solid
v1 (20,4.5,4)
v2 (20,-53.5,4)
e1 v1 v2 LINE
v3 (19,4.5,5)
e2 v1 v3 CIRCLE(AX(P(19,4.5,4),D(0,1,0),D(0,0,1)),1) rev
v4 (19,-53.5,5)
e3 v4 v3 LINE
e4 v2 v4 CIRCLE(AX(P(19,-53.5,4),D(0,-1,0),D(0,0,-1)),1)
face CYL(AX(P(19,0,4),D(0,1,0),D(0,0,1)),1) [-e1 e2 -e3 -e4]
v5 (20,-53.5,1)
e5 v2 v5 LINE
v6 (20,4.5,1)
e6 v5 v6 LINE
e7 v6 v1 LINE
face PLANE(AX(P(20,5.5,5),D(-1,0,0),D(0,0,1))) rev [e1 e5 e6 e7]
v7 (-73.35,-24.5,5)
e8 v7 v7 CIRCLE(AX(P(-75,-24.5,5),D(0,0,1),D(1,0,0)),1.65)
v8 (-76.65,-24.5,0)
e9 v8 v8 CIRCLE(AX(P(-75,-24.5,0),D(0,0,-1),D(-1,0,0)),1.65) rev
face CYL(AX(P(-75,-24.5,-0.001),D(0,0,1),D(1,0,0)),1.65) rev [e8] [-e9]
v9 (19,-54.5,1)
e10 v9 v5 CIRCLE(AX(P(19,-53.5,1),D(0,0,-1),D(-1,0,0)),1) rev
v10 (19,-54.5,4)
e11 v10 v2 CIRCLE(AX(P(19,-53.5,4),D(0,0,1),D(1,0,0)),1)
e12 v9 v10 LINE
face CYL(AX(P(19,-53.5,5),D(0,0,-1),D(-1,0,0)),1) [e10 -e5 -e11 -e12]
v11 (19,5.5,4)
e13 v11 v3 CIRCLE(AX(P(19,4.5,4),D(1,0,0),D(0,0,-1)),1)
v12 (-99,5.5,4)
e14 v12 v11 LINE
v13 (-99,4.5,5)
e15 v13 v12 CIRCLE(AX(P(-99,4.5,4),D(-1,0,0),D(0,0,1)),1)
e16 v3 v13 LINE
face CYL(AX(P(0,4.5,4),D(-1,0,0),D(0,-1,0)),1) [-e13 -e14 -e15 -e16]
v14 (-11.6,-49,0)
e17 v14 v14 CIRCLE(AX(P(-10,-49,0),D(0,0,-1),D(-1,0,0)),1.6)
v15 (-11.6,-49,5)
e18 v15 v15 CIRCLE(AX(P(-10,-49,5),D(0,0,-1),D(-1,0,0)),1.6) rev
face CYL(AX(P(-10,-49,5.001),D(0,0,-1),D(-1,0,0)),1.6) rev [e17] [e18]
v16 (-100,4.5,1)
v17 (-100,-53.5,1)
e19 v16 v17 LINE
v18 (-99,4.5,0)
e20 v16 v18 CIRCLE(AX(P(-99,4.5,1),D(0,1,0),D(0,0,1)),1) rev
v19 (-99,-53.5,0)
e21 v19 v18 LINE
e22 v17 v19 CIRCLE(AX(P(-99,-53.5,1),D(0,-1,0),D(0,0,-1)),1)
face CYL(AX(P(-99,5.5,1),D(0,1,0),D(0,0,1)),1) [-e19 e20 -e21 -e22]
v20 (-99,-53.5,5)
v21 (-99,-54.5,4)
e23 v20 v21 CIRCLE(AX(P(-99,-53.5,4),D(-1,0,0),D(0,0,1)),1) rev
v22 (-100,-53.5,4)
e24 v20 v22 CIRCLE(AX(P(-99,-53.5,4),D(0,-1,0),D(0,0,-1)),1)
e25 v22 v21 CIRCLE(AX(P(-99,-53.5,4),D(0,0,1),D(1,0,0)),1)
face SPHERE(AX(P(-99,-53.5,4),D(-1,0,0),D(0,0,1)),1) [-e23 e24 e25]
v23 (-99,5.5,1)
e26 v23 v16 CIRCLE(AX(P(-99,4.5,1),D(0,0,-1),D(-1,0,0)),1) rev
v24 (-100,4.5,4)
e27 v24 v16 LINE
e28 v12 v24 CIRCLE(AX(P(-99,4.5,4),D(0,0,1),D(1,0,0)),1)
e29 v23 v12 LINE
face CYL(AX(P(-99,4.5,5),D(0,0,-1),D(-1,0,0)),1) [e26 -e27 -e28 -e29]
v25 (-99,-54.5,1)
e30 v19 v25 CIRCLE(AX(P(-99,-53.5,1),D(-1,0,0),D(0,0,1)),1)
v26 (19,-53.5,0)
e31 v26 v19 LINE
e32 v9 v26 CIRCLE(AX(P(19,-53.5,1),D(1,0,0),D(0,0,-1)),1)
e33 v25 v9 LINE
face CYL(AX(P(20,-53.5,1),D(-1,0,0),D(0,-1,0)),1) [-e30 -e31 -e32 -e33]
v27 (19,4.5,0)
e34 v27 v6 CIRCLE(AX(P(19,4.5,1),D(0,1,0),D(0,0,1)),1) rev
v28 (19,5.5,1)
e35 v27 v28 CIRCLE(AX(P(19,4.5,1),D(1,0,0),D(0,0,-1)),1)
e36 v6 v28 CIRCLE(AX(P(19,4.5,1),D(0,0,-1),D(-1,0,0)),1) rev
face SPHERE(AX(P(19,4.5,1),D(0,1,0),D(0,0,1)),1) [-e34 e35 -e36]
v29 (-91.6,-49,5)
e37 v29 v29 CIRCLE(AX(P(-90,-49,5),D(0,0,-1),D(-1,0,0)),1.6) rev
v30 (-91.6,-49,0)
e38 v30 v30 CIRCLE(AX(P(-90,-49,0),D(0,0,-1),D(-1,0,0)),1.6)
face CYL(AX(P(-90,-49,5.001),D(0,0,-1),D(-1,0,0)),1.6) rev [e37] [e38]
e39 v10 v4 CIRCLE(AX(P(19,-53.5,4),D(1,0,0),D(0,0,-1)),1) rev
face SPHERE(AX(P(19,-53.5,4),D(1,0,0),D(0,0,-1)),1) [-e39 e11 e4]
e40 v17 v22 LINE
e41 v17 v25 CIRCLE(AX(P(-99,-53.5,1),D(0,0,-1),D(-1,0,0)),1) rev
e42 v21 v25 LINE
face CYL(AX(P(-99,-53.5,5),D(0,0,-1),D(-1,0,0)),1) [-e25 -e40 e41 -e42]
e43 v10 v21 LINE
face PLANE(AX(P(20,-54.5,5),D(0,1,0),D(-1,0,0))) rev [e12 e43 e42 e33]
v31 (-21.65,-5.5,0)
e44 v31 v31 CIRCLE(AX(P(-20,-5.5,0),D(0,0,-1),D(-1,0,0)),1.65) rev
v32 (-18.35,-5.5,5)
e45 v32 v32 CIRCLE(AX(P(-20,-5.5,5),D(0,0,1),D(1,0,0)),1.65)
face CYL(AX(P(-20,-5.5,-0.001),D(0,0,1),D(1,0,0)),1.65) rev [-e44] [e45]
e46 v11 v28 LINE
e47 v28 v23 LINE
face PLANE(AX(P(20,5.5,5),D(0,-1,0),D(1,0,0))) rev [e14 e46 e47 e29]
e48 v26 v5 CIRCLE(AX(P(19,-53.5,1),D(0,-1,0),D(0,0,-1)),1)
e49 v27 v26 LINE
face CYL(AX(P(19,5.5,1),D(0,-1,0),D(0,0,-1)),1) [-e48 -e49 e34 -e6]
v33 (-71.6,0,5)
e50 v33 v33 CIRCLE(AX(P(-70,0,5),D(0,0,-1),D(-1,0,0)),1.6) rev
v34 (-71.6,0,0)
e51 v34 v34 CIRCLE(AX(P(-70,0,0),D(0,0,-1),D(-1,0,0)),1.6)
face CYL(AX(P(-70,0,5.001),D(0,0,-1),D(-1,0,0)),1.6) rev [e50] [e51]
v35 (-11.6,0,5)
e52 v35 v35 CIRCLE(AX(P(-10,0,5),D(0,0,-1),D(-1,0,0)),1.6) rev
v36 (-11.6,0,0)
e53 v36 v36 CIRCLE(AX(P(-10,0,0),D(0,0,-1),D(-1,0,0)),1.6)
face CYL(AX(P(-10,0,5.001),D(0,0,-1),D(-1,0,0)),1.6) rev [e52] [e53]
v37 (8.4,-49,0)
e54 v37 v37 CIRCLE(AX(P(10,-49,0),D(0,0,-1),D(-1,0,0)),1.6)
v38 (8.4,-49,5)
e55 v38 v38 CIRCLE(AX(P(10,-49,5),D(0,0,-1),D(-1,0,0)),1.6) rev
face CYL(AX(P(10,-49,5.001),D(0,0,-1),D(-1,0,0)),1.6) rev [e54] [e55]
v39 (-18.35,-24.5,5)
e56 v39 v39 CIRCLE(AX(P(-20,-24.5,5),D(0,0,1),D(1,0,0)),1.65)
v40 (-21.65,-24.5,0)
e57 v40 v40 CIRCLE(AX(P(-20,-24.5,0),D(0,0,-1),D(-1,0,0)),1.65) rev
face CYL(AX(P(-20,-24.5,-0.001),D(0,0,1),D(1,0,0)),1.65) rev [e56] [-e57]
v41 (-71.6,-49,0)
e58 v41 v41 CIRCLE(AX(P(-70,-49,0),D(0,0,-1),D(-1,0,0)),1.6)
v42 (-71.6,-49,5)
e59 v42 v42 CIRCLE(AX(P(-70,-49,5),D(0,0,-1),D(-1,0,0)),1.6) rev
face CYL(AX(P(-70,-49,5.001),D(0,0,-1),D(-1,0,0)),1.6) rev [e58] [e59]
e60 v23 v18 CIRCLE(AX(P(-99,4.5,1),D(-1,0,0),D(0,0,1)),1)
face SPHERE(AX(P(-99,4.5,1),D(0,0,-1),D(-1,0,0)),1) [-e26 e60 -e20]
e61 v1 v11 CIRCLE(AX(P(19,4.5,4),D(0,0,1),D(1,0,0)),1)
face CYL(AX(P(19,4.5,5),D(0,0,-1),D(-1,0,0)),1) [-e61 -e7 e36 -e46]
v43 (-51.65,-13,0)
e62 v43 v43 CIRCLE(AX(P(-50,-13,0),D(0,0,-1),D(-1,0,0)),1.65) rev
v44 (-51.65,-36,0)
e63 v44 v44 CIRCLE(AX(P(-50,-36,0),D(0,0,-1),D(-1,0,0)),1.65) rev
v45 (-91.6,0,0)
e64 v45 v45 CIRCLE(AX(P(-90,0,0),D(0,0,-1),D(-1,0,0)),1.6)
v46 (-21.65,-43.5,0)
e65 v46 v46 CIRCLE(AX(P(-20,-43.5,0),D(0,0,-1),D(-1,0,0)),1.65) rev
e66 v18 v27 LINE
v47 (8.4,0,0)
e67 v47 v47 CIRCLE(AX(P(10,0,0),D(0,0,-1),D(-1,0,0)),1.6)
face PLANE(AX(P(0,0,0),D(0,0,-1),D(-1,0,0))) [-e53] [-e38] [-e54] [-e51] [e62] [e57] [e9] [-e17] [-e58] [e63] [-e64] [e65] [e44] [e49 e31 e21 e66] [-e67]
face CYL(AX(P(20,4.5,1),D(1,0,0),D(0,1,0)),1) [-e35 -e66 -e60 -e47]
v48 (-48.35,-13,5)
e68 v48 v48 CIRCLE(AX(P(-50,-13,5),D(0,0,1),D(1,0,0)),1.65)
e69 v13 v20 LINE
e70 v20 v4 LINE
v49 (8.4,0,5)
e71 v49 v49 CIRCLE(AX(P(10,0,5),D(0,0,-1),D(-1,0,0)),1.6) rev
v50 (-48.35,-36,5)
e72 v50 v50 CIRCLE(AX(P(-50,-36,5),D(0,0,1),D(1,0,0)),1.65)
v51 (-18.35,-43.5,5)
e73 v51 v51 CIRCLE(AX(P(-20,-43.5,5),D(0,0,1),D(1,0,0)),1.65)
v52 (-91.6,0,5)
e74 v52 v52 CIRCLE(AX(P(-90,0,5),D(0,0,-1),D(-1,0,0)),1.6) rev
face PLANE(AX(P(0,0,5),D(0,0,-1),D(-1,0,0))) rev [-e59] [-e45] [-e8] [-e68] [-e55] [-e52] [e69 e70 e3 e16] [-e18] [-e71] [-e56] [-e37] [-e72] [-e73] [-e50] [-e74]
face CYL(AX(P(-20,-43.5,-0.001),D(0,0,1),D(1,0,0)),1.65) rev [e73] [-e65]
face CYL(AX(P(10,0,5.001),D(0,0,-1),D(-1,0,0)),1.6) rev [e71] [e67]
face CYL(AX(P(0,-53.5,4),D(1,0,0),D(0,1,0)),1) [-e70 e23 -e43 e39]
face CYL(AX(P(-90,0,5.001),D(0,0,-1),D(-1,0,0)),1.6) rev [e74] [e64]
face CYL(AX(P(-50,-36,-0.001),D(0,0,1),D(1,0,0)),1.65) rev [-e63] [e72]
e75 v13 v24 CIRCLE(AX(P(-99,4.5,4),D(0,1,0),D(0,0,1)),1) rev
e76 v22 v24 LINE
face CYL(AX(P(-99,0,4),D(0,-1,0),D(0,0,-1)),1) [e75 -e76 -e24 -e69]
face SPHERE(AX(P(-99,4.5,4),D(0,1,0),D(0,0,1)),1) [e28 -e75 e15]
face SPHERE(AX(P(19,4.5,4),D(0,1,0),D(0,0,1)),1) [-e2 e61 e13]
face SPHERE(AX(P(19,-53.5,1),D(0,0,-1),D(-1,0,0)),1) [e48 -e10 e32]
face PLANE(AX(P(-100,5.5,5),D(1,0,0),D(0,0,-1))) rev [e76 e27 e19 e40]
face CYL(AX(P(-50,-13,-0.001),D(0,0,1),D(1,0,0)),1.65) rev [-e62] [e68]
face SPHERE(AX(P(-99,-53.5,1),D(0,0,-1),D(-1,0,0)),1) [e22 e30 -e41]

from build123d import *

# Parameters (mm, degrees)
SKETCH_1_W          = 120
SKETCH_1_H          = 60
EXTRUDE_1_DEPTH     = 5
CUT_EXTRUDE_1_REACH = 115.997
SKETCH_2_R          = 1.65
CUT_EXTRUDE_2_REACH = 115.997
SKETCH_4_R          = 1.6
CUT_EXTRUDE_3_REACH = 115.997
SKETCH_5_R          = 1.65
FILLET_1_R          = 1


with BuildPart() as part:
    # 草图1 → 凸台-拉伸1 (new body)
    with BuildSketch(Plane.XY):
        with Locations((-40, -24.5)):
            Rectangle(SKETCH_1_W, SKETCH_1_H)
    extrude(amount=EXTRUDE_1_DEPTH)

    # 草图2 → 切除-拉伸1 (cut, up to next)
    with BuildSketch(Plane.XY.offset(5), mode=Mode.PRIVATE) as cut_extrude_1_sk1:
        with Locations((-50, -13)):
            Circle(SKETCH_2_R)
    cut_extrude_1_tool1 = extrude(cut_extrude_1_sk1.sketch, amount=-CUT_EXTRUDE_1_REACH, mode=Mode.PRIVATE) & part.part
    # 草图2 → 切除-拉伸1 (cut, up to next)
    with BuildSketch(Plane.XY.offset(5), mode=Mode.PRIVATE) as cut_extrude_1_sk2:
        with Locations((-75, -24.5)):
            Circle(SKETCH_2_R)
    cut_extrude_1_tool2 = extrude(cut_extrude_1_sk2.sketch, amount=-CUT_EXTRUDE_1_REACH, mode=Mode.PRIVATE) & part.part
    # 草图2 → 切除-拉伸1 (cut, up to next)
    with BuildSketch(Plane.XY.offset(5), mode=Mode.PRIVATE) as cut_extrude_1_sk3:
        with Locations((-50, -36)):
            Circle(SKETCH_2_R)
    cut_extrude_1_tool3 = extrude(cut_extrude_1_sk3.sketch, amount=-CUT_EXTRUDE_1_REACH, mode=Mode.PRIVATE) & part.part
    add(cut_extrude_1_tool1.solids().sort_by_distance((-50, -13, 5))[0], mode=Mode.SUBTRACT)
    add(cut_extrude_1_tool2.solids().sort_by_distance((-75, -24.5, 5))[0], mode=Mode.SUBTRACT)
    add(cut_extrude_1_tool3.solids().sort_by_distance((-50, -36, 5))[0], mode=Mode.SUBTRACT)

    # 草图4 → 切除-拉伸2 (cut, up to next)
    with BuildSketch(Plane(origin=(0, 0, 0), x_dir=(-1, 0, 0), z_dir=(0, 0, -1)), mode=Mode.PRIVATE) as cut_extrude_2_sk1:
        with Locations((90, 0)):
            Circle(SKETCH_4_R)
    cut_extrude_2_tool1 = extrude(cut_extrude_2_sk1.sketch, amount=-CUT_EXTRUDE_2_REACH, mode=Mode.PRIVATE) & part.part
    # 草图4 → 切除-拉伸2 (cut, up to next)
    with BuildSketch(Plane(origin=(0, 0, 0), x_dir=(-1, 0, 0), z_dir=(0, 0, -1)), mode=Mode.PRIVATE) as cut_extrude_2_sk2:
        with Locations((70, 0)):
            Circle(SKETCH_4_R)
    cut_extrude_2_tool2 = extrude(cut_extrude_2_sk2.sketch, amount=-CUT_EXTRUDE_2_REACH, mode=Mode.PRIVATE) & part.part
    # 草图4 → 切除-拉伸2 (cut, up to next)
    with BuildSketch(Plane(origin=(0, 0, 0), x_dir=(-1, 0, 0), z_dir=(0, 0, -1)), mode=Mode.PRIVATE) as cut_extrude_2_sk3:
        with Locations((70, -49)):
            Circle(SKETCH_4_R)
    cut_extrude_2_tool3 = extrude(cut_extrude_2_sk3.sketch, amount=-CUT_EXTRUDE_2_REACH, mode=Mode.PRIVATE) & part.part
    # 草图4 → 切除-拉伸2 (cut, up to next)
    with BuildSketch(Plane(origin=(0, 0, 0), x_dir=(-1, 0, 0), z_dir=(0, 0, -1)), mode=Mode.PRIVATE) as cut_extrude_2_sk4:
        with Locations((90, -49)):
            Circle(SKETCH_4_R)
    cut_extrude_2_tool4 = extrude(cut_extrude_2_sk4.sketch, amount=-CUT_EXTRUDE_2_REACH, mode=Mode.PRIVATE) & part.part
    # 草图4 → 切除-拉伸2 (cut, up to next)
    with BuildSketch(Plane(origin=(0, 0, 0), x_dir=(-1, 0, 0), z_dir=(0, 0, -1)), mode=Mode.PRIVATE) as cut_extrude_2_sk5:
        with Locations((10, -49)):
            Circle(SKETCH_4_R)
    cut_extrude_2_tool5 = extrude(cut_extrude_2_sk5.sketch, amount=-CUT_EXTRUDE_2_REACH, mode=Mode.PRIVATE) & part.part
    # 草图4 → 切除-拉伸2 (cut, up to next)
    with BuildSketch(Plane(origin=(0, 0, 0), x_dir=(-1, 0, 0), z_dir=(0, 0, -1)), mode=Mode.PRIVATE) as cut_extrude_2_sk6:
        with Locations((-10, -49)):
            Circle(SKETCH_4_R)
    cut_extrude_2_tool6 = extrude(cut_extrude_2_sk6.sketch, amount=-CUT_EXTRUDE_2_REACH, mode=Mode.PRIVATE) & part.part
    # 草图4 → 切除-拉伸2 (cut, up to next)
    with BuildSketch(Plane(origin=(0, 0, 0), x_dir=(-1, 0, 0), z_dir=(0, 0, -1)), mode=Mode.PRIVATE) as cut_extrude_2_sk7:
        with Locations((-10, 0)):
            Circle(SKETCH_4_R)
    cut_extrude_2_tool7 = extrude(cut_extrude_2_sk7.sketch, amount=-CUT_EXTRUDE_2_REACH, mode=Mode.PRIVATE) & part.part
    # 草图4 → 切除-拉伸2 (cut, up to next)
    with BuildSketch(Plane(origin=(0, 0, 0), x_dir=(-1, 0, 0), z_dir=(0, 0, -1)), mode=Mode.PRIVATE) as cut_extrude_2_sk8:
        with Locations((10, 0)):
            Circle(SKETCH_4_R)
    cut_extrude_2_tool8 = extrude(cut_extrude_2_sk8.sketch, amount=-CUT_EXTRUDE_2_REACH, mode=Mode.PRIVATE) & part.part
    add(cut_extrude_2_tool1.solids().sort_by_distance((-90, 0, 0))[0], mode=Mode.SUBTRACT)
    add(cut_extrude_2_tool2.solids().sort_by_distance((-70, 0, 0))[0], mode=Mode.SUBTRACT)
    add(cut_extrude_2_tool3.solids().sort_by_distance((-70, -49, 0))[0], mode=Mode.SUBTRACT)
    add(cut_extrude_2_tool4.solids().sort_by_distance((-90, -49, 0))[0], mode=Mode.SUBTRACT)
    add(cut_extrude_2_tool5.solids().sort_by_distance((-10, -49, 0))[0], mode=Mode.SUBTRACT)
    add(cut_extrude_2_tool6.solids().sort_by_distance((10, -49, 0))[0], mode=Mode.SUBTRACT)
    add(cut_extrude_2_tool7.solids().sort_by_distance((10, 0, 0))[0], mode=Mode.SUBTRACT)
    add(cut_extrude_2_tool8.solids().sort_by_distance((-10, 0, 0))[0], mode=Mode.SUBTRACT)

    # 草图5 → 切除-拉伸3 (cut, up to next)
    with BuildSketch(Plane.XY.offset(5), mode=Mode.PRIVATE) as cut_extrude_3_sk1:
        with Locations((-20, -43.5)):
            Circle(SKETCH_5_R)
    cut_extrude_3_tool1 = extrude(cut_extrude_3_sk1.sketch, amount=-CUT_EXTRUDE_3_REACH, mode=Mode.PRIVATE) & part.part
    # 草图5 → 切除-拉伸3 (cut, up to next)
    with BuildSketch(Plane.XY.offset(5), mode=Mode.PRIVATE) as cut_extrude_3_sk2:
        with Locations((-20, -24.5)):
            Circle(SKETCH_5_R)
    cut_extrude_3_tool2 = extrude(cut_extrude_3_sk2.sketch, amount=-CUT_EXTRUDE_3_REACH, mode=Mode.PRIVATE) & part.part
    # 草图5 → 切除-拉伸3 (cut, up to next)
    with BuildSketch(Plane.XY.offset(5), mode=Mode.PRIVATE) as cut_extrude_3_sk3:
        with Locations((-20, -5.5)):
            Circle(SKETCH_5_R)
    cut_extrude_3_tool3 = extrude(cut_extrude_3_sk3.sketch, amount=-CUT_EXTRUDE_3_REACH, mode=Mode.PRIVATE) & part.part
    add(cut_extrude_3_tool1.solids().sort_by_distance((-20, -43.5, 5))[0], mode=Mode.SUBTRACT)
    add(cut_extrude_3_tool2.solids().sort_by_distance((-20, -24.5, 5))[0], mode=Mode.SUBTRACT)
    add(cut_extrude_3_tool3.solids().sort_by_distance((-20, -5.5, 5))[0], mode=Mode.SUBTRACT)

    # 圆角1
    fillet_1_edges = [part.edges().sort_by_distance(p)[0] for p in [
        (-100, -24.5, 5),
        (-40, -54.5, 5),
        (20, -24.5, 5),
        (-40, -54.5, 0),
        (-100, -24.5, 0),
        (-40, 5.5, 0),
        (20, -24.5, 0),
        (20, -54.5, 2.5),
        (-100, -54.5, 2.5),
        (-100, 5.5, 2.5),
        (20, 5.5, 2.5),
        (-40, 5.5, 5),
    ]]
    fillet(fillet_1_edges, radius=FILLET_1_R)


solid = part.part
